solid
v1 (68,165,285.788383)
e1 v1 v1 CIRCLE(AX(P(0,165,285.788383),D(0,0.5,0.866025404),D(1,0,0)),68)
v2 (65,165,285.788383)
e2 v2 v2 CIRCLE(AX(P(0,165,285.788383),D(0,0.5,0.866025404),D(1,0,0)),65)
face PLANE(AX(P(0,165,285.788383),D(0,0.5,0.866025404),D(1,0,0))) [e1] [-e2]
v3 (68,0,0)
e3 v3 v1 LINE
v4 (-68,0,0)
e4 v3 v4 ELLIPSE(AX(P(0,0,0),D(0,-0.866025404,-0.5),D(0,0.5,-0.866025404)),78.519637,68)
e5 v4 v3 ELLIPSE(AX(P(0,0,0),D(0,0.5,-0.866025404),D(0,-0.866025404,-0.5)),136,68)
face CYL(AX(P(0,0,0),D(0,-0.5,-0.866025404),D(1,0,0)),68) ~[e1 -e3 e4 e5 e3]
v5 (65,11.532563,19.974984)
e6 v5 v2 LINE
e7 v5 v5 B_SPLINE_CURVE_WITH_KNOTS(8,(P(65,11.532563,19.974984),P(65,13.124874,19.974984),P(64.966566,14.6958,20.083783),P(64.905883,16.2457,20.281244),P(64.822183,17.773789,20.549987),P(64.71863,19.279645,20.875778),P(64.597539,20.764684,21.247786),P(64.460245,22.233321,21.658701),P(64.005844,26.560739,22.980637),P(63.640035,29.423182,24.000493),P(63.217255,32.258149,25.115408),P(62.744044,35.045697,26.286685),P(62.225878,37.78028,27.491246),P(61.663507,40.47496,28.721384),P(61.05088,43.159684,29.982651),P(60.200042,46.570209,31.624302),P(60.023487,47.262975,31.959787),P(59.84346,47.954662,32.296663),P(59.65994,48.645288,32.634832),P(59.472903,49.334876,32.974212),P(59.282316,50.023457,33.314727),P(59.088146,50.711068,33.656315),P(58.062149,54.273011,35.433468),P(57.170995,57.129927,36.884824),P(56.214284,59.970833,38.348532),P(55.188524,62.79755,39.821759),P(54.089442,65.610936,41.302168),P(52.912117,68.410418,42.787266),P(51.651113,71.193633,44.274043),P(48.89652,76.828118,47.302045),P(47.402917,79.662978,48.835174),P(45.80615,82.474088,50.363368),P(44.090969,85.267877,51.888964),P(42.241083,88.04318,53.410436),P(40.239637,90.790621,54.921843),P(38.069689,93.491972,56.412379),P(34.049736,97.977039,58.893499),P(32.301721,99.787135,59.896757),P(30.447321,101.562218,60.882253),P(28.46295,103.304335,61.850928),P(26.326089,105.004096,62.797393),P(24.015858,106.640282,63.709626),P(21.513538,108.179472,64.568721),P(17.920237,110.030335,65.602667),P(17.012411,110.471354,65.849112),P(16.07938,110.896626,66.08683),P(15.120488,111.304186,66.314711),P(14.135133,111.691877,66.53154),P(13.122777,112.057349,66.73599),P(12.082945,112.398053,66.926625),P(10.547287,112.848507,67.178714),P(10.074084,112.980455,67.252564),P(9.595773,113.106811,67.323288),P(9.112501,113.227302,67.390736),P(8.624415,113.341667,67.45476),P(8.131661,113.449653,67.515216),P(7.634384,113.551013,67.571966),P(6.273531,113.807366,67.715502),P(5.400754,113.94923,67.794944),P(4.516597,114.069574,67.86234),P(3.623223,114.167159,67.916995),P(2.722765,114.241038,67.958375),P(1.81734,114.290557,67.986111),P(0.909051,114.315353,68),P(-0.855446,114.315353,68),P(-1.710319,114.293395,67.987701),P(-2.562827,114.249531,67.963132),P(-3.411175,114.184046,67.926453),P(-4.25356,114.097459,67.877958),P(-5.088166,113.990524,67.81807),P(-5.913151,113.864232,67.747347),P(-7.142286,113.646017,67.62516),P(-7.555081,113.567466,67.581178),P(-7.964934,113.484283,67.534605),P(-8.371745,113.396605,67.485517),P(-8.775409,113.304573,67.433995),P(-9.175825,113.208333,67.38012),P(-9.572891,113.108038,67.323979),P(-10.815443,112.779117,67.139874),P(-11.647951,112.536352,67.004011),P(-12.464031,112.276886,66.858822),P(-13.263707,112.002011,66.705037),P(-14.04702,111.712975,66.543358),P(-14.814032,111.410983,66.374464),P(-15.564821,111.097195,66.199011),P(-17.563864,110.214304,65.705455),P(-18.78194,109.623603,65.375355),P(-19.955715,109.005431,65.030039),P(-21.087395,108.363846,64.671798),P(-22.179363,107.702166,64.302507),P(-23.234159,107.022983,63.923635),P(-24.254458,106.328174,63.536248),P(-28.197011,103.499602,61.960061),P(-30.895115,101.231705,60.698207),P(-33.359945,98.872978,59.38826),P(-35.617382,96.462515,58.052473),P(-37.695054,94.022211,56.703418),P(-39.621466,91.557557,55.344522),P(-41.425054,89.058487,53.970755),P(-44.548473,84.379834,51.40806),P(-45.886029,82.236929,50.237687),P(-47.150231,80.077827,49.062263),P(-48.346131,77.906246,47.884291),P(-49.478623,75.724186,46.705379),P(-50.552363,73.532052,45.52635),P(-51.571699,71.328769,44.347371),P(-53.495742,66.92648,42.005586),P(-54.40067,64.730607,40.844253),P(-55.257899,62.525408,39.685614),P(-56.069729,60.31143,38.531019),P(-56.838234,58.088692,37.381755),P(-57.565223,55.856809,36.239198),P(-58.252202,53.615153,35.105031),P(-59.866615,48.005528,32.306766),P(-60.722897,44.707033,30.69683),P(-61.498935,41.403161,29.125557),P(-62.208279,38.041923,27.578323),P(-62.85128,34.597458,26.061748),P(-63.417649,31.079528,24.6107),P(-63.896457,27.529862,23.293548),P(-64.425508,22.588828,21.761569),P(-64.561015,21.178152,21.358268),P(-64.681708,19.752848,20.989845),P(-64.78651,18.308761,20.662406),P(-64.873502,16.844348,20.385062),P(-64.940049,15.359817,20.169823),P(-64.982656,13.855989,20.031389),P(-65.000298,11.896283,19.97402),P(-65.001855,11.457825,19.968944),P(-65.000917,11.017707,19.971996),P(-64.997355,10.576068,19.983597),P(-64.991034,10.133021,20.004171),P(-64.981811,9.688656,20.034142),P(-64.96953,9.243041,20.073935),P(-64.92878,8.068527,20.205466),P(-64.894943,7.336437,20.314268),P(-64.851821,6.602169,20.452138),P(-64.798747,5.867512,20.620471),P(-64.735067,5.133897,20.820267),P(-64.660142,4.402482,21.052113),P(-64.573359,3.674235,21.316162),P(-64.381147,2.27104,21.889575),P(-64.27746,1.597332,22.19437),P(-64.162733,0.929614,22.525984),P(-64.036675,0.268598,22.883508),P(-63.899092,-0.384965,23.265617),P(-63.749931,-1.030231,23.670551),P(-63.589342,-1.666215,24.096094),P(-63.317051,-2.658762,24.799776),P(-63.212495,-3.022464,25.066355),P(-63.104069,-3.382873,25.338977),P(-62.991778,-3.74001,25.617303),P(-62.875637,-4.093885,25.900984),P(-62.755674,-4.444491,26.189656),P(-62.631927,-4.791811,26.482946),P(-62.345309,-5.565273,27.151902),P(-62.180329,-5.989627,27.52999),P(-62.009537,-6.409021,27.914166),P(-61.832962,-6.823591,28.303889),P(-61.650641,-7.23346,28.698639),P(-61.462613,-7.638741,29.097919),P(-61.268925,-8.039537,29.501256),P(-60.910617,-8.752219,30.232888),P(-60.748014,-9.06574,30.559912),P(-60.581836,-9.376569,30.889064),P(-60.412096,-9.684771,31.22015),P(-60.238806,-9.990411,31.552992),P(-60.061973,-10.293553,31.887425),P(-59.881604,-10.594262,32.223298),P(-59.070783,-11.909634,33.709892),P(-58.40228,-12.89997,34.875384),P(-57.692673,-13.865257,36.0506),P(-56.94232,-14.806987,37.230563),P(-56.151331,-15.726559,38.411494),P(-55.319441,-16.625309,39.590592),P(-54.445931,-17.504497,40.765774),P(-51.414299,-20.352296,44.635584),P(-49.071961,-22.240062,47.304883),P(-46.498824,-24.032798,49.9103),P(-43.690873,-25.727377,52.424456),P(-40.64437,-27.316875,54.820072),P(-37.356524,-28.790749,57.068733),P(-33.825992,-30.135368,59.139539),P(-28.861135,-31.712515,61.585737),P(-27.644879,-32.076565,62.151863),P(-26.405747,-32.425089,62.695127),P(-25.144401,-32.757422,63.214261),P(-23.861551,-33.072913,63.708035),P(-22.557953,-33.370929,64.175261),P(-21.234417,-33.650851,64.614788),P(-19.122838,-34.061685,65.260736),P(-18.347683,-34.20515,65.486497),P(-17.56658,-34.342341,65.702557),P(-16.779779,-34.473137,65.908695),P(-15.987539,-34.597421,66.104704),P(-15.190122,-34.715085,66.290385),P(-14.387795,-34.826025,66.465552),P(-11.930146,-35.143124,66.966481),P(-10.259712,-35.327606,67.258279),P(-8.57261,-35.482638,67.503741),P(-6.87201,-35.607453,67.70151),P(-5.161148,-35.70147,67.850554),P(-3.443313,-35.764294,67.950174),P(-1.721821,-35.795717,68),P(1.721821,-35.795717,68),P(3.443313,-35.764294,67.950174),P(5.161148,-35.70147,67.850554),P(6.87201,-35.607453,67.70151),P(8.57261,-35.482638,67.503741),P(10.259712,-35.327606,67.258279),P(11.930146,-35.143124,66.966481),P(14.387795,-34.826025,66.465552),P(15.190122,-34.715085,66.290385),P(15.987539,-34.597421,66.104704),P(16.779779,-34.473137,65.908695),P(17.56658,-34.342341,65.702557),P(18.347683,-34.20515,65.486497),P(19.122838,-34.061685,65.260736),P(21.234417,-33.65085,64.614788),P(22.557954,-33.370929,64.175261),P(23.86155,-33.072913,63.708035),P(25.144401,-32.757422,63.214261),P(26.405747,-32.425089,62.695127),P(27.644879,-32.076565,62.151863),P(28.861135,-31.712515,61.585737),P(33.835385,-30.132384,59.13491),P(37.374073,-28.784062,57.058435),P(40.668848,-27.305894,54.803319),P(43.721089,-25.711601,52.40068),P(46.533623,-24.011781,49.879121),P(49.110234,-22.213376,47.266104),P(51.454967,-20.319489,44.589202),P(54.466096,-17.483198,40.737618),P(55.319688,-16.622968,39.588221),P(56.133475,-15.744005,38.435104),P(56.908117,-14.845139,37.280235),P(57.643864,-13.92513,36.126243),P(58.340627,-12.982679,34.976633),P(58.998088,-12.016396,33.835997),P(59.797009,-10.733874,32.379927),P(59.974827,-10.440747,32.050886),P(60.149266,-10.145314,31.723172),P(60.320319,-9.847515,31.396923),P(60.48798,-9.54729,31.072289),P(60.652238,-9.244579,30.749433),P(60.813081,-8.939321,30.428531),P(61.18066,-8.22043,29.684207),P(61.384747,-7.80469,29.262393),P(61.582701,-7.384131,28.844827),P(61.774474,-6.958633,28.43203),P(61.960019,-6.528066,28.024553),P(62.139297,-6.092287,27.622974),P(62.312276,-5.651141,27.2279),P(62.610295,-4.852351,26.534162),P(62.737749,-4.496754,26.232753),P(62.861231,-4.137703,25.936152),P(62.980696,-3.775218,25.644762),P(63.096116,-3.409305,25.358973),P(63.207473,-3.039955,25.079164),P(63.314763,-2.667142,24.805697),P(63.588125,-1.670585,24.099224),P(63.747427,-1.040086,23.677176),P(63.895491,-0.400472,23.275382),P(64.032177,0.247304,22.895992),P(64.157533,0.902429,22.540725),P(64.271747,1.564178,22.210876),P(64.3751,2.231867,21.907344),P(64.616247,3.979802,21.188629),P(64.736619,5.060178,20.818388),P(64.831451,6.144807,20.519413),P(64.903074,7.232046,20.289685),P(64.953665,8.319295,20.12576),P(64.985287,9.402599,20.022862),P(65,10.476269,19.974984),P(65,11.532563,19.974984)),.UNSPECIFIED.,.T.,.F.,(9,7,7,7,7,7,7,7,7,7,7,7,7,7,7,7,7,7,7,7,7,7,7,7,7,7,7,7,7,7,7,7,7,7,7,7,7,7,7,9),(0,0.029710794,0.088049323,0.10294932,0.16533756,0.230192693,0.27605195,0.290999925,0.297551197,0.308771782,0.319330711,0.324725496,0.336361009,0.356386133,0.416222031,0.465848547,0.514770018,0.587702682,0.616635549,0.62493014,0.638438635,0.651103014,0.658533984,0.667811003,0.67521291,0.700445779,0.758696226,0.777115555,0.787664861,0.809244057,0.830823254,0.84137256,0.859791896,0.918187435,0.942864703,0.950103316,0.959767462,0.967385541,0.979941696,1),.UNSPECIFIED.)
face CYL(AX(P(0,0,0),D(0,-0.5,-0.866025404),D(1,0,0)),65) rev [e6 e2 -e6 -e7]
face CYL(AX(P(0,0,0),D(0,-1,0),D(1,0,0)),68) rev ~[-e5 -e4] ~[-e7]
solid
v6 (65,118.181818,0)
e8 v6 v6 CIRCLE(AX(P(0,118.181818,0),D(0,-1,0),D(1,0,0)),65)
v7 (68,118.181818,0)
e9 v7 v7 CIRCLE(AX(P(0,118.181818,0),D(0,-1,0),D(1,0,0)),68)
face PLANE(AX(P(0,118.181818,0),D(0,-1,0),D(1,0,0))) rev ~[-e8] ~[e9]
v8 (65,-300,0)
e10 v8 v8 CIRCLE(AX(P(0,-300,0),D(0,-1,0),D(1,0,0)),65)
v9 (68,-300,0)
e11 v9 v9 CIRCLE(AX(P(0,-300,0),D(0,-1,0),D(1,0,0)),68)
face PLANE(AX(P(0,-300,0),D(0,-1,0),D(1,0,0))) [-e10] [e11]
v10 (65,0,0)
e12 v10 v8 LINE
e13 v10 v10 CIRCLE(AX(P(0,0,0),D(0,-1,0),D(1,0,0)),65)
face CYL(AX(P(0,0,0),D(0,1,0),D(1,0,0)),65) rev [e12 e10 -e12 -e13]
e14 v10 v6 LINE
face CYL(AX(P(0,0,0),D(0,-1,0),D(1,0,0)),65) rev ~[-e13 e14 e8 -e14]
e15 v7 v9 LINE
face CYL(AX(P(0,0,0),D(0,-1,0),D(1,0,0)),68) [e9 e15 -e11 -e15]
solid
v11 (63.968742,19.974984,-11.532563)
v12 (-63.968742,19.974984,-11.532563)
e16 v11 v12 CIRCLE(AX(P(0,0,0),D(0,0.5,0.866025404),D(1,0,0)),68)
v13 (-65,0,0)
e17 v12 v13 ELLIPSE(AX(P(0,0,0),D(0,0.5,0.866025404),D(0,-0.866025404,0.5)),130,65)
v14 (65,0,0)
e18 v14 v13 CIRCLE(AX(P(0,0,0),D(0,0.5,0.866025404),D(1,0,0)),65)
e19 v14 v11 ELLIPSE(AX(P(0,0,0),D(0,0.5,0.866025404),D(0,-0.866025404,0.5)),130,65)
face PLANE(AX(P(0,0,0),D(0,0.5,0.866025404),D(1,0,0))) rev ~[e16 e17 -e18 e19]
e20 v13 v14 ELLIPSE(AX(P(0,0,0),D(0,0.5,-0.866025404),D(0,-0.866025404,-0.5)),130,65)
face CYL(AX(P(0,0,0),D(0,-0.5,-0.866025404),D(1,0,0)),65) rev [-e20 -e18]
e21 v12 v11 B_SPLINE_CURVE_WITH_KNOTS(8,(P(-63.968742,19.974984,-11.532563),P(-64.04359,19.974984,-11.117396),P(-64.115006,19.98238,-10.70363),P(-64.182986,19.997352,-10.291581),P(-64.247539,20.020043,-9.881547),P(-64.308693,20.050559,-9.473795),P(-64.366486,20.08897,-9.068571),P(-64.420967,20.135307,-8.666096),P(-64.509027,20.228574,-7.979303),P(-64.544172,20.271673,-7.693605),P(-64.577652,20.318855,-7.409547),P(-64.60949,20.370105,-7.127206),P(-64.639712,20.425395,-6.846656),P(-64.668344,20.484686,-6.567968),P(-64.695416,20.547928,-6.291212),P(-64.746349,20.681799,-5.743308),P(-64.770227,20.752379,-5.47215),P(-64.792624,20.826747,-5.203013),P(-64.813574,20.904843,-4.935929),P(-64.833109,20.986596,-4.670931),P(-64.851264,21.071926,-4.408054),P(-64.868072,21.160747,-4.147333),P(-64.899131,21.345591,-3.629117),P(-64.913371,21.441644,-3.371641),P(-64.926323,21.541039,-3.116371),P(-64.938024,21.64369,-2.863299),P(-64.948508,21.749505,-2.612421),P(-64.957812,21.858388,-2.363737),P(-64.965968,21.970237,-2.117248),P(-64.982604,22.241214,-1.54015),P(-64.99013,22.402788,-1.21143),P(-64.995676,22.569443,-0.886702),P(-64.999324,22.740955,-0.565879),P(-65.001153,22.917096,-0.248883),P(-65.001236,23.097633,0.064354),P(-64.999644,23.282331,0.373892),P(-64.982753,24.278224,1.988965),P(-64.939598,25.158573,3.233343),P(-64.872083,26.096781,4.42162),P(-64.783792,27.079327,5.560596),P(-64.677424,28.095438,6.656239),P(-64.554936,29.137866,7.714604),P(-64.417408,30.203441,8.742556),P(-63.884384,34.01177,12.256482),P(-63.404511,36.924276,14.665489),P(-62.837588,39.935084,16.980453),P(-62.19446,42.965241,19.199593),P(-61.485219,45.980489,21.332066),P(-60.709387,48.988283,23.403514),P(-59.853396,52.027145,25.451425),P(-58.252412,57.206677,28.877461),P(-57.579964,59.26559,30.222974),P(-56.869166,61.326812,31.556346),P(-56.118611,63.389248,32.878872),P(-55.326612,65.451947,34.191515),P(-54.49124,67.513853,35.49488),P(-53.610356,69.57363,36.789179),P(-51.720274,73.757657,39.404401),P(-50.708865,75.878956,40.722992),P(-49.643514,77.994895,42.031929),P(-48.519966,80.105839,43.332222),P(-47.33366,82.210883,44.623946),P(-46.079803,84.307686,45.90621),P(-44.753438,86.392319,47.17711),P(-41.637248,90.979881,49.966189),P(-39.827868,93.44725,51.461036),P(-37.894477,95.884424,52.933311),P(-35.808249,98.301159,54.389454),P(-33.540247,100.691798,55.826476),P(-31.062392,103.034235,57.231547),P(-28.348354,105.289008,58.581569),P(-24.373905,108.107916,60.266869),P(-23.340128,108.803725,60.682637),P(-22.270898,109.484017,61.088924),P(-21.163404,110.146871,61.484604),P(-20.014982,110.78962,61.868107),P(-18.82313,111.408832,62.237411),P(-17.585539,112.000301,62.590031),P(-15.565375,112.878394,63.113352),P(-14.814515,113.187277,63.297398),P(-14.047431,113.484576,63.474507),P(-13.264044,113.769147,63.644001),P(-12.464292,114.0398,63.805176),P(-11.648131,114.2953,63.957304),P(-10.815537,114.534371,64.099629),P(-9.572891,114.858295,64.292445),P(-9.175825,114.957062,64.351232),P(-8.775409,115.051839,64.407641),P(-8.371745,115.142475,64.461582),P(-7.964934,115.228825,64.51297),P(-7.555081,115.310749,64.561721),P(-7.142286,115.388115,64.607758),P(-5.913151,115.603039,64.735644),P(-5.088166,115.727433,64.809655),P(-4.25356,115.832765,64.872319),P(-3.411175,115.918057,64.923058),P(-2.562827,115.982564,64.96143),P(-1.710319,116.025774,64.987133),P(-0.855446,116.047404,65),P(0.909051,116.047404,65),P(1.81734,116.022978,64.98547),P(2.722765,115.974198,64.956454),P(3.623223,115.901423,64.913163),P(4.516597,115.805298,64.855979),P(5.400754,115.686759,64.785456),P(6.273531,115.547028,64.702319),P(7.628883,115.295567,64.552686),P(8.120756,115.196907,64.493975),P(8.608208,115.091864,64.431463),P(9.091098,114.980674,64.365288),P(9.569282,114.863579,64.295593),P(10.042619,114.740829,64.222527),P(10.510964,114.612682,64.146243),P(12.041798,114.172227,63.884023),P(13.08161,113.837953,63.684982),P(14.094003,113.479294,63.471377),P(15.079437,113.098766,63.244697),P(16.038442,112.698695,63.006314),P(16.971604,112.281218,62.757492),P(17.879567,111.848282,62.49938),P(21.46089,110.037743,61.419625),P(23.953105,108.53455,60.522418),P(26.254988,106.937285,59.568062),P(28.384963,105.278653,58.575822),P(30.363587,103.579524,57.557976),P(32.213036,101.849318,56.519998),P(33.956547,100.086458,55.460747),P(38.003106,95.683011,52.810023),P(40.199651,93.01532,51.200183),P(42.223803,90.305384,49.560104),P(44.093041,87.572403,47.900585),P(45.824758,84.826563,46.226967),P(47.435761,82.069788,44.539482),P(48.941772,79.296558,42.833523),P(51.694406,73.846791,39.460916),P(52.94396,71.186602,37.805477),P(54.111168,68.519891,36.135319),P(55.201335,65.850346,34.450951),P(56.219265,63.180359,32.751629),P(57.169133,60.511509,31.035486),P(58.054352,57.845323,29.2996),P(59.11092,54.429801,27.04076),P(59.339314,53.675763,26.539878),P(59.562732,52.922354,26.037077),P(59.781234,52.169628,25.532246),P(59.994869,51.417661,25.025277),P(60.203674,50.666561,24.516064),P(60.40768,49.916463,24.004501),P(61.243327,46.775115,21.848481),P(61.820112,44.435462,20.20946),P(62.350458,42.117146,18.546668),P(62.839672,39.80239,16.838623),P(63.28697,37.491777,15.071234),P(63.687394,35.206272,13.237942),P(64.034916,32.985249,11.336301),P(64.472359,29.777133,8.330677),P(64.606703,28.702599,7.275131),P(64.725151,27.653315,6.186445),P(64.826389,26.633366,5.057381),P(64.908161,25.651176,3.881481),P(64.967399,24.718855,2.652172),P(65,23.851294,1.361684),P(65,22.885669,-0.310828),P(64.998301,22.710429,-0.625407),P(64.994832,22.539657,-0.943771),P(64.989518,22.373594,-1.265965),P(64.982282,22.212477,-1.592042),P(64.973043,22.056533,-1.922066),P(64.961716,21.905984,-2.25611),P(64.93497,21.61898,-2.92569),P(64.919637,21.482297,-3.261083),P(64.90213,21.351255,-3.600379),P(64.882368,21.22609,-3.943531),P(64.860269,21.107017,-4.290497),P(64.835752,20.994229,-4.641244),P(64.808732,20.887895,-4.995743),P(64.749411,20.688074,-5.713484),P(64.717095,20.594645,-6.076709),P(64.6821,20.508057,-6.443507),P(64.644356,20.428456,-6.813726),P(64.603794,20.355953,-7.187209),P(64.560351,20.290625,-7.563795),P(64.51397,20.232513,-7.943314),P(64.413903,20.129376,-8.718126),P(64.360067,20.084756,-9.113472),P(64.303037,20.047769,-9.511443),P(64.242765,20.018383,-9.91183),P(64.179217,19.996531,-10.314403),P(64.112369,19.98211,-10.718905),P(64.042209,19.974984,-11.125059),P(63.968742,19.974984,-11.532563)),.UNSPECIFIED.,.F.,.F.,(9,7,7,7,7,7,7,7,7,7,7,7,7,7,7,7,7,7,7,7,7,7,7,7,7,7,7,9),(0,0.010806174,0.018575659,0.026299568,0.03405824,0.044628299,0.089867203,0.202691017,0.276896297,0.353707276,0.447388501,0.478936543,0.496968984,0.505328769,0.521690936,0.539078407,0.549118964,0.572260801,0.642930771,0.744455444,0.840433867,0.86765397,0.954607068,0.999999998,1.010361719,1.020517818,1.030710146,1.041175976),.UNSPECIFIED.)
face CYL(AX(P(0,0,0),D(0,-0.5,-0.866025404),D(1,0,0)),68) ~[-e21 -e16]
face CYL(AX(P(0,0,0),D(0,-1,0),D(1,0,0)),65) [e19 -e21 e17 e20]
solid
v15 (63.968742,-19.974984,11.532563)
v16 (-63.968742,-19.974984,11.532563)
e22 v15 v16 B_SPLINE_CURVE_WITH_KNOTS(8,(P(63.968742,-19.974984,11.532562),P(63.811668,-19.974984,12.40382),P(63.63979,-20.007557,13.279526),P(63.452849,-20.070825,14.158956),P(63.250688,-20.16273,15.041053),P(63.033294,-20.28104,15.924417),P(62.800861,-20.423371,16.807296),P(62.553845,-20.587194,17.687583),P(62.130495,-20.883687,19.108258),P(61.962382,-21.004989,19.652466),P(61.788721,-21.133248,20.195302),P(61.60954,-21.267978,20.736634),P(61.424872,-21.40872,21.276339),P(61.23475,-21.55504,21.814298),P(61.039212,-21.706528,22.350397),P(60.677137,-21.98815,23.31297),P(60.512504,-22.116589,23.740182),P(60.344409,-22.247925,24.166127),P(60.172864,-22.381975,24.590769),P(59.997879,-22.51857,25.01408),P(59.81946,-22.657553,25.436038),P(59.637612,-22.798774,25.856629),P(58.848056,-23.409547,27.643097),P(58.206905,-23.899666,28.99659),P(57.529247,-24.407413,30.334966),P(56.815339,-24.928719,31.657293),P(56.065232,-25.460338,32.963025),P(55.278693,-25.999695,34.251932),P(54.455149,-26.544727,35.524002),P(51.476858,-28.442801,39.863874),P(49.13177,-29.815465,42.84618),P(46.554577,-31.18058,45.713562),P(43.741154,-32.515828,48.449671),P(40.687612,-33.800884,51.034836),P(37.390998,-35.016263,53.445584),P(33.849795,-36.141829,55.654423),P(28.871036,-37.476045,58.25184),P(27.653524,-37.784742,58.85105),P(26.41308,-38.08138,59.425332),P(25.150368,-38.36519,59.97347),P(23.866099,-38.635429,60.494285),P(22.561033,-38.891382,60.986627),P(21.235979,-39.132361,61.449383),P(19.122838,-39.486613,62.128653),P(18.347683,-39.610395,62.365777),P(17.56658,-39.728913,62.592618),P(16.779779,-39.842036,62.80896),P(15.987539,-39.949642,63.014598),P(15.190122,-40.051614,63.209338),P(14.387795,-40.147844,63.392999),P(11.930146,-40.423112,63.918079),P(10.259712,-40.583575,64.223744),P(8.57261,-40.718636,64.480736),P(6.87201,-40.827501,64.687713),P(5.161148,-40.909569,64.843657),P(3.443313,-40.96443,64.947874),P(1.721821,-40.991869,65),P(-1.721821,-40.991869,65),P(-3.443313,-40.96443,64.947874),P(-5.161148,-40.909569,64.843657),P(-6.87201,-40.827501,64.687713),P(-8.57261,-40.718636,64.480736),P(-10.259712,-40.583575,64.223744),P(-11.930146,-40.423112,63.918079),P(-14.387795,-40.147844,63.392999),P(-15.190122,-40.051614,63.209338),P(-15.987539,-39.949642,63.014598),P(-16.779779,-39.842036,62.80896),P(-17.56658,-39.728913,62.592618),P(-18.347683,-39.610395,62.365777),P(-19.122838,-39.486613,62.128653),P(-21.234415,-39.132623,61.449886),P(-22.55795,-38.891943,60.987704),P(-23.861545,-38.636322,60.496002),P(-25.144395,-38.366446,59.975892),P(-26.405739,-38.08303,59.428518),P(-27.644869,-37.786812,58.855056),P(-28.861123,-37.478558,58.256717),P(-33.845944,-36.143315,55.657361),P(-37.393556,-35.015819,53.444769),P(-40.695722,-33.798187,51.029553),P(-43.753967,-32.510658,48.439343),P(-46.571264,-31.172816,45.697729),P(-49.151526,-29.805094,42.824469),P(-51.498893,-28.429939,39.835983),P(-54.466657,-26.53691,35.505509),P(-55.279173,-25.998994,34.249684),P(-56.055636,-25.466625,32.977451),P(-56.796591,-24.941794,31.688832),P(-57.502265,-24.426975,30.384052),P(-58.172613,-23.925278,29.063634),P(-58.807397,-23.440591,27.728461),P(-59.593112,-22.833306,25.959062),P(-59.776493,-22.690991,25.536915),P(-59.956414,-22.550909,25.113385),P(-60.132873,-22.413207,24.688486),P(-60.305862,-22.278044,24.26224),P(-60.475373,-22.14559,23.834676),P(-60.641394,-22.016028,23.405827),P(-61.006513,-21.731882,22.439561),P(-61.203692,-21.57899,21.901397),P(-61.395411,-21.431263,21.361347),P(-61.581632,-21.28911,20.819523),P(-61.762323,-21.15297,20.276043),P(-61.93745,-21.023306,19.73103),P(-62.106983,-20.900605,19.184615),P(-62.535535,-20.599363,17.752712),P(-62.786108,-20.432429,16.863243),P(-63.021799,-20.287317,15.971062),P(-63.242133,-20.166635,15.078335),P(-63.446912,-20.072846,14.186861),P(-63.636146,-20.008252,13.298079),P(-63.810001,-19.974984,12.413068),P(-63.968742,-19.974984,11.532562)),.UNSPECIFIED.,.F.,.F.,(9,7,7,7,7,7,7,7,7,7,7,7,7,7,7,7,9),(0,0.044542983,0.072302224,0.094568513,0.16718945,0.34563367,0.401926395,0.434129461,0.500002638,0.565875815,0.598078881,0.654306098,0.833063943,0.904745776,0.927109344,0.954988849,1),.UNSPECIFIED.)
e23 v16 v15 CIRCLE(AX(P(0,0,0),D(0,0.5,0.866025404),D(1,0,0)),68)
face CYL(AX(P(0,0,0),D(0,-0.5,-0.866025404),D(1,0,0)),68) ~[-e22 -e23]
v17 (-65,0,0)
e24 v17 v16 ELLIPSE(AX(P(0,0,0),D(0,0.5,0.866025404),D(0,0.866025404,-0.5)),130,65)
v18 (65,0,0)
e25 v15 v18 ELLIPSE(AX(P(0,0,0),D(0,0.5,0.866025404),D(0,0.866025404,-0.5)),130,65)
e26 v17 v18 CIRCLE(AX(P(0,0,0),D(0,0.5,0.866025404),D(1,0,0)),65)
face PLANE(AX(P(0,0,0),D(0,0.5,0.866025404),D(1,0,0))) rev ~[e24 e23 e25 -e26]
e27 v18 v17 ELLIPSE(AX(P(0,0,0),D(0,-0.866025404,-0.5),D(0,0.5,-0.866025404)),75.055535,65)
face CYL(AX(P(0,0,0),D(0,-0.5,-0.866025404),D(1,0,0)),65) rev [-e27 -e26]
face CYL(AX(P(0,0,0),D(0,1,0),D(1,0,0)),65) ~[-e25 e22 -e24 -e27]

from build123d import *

# Parameters (mm, degrees)
F3_R          = 68
F3_R_2        = 65
F4_DEPTH      = 330
F5_R          = 68
F5_R_2        = 65
F6_DEPTH      = 300
F6_DEPTH_BACK = 118.1818181818


with BuildPart() as f4:
    # F3 (on line) → F4 (new body)
    with BuildSketch(Plane(origin=(0, 0, 0), x_dir=(1, 0, 0), z_dir=(0, 0.5, 0.8660254038))):
        Circle(F3_R)
        Circle(F3_R_2, mode=Mode.SUBTRACT)
    extrude(amount=F4_DEPTH)


with BuildPart() as f6:
    # F5 (on Front) → F6 (new body, two sides)
    with BuildSketch(Plane.XZ) as f6_sk:
        Circle(F5_R)
        Circle(F5_R_2, mode=Mode.SUBTRACT)
    extrude(amount=F6_DEPTH)
    extrude(f6_sk.sketch, amount=-F6_DEPTH_BACK)


with BuildPart() as f4_1:
    add(f4.part)

    # F7: cut F6
    add(f6.part, mode=Mode.SUBTRACT)


solid = Compound([f6.part, f4_1.part])
